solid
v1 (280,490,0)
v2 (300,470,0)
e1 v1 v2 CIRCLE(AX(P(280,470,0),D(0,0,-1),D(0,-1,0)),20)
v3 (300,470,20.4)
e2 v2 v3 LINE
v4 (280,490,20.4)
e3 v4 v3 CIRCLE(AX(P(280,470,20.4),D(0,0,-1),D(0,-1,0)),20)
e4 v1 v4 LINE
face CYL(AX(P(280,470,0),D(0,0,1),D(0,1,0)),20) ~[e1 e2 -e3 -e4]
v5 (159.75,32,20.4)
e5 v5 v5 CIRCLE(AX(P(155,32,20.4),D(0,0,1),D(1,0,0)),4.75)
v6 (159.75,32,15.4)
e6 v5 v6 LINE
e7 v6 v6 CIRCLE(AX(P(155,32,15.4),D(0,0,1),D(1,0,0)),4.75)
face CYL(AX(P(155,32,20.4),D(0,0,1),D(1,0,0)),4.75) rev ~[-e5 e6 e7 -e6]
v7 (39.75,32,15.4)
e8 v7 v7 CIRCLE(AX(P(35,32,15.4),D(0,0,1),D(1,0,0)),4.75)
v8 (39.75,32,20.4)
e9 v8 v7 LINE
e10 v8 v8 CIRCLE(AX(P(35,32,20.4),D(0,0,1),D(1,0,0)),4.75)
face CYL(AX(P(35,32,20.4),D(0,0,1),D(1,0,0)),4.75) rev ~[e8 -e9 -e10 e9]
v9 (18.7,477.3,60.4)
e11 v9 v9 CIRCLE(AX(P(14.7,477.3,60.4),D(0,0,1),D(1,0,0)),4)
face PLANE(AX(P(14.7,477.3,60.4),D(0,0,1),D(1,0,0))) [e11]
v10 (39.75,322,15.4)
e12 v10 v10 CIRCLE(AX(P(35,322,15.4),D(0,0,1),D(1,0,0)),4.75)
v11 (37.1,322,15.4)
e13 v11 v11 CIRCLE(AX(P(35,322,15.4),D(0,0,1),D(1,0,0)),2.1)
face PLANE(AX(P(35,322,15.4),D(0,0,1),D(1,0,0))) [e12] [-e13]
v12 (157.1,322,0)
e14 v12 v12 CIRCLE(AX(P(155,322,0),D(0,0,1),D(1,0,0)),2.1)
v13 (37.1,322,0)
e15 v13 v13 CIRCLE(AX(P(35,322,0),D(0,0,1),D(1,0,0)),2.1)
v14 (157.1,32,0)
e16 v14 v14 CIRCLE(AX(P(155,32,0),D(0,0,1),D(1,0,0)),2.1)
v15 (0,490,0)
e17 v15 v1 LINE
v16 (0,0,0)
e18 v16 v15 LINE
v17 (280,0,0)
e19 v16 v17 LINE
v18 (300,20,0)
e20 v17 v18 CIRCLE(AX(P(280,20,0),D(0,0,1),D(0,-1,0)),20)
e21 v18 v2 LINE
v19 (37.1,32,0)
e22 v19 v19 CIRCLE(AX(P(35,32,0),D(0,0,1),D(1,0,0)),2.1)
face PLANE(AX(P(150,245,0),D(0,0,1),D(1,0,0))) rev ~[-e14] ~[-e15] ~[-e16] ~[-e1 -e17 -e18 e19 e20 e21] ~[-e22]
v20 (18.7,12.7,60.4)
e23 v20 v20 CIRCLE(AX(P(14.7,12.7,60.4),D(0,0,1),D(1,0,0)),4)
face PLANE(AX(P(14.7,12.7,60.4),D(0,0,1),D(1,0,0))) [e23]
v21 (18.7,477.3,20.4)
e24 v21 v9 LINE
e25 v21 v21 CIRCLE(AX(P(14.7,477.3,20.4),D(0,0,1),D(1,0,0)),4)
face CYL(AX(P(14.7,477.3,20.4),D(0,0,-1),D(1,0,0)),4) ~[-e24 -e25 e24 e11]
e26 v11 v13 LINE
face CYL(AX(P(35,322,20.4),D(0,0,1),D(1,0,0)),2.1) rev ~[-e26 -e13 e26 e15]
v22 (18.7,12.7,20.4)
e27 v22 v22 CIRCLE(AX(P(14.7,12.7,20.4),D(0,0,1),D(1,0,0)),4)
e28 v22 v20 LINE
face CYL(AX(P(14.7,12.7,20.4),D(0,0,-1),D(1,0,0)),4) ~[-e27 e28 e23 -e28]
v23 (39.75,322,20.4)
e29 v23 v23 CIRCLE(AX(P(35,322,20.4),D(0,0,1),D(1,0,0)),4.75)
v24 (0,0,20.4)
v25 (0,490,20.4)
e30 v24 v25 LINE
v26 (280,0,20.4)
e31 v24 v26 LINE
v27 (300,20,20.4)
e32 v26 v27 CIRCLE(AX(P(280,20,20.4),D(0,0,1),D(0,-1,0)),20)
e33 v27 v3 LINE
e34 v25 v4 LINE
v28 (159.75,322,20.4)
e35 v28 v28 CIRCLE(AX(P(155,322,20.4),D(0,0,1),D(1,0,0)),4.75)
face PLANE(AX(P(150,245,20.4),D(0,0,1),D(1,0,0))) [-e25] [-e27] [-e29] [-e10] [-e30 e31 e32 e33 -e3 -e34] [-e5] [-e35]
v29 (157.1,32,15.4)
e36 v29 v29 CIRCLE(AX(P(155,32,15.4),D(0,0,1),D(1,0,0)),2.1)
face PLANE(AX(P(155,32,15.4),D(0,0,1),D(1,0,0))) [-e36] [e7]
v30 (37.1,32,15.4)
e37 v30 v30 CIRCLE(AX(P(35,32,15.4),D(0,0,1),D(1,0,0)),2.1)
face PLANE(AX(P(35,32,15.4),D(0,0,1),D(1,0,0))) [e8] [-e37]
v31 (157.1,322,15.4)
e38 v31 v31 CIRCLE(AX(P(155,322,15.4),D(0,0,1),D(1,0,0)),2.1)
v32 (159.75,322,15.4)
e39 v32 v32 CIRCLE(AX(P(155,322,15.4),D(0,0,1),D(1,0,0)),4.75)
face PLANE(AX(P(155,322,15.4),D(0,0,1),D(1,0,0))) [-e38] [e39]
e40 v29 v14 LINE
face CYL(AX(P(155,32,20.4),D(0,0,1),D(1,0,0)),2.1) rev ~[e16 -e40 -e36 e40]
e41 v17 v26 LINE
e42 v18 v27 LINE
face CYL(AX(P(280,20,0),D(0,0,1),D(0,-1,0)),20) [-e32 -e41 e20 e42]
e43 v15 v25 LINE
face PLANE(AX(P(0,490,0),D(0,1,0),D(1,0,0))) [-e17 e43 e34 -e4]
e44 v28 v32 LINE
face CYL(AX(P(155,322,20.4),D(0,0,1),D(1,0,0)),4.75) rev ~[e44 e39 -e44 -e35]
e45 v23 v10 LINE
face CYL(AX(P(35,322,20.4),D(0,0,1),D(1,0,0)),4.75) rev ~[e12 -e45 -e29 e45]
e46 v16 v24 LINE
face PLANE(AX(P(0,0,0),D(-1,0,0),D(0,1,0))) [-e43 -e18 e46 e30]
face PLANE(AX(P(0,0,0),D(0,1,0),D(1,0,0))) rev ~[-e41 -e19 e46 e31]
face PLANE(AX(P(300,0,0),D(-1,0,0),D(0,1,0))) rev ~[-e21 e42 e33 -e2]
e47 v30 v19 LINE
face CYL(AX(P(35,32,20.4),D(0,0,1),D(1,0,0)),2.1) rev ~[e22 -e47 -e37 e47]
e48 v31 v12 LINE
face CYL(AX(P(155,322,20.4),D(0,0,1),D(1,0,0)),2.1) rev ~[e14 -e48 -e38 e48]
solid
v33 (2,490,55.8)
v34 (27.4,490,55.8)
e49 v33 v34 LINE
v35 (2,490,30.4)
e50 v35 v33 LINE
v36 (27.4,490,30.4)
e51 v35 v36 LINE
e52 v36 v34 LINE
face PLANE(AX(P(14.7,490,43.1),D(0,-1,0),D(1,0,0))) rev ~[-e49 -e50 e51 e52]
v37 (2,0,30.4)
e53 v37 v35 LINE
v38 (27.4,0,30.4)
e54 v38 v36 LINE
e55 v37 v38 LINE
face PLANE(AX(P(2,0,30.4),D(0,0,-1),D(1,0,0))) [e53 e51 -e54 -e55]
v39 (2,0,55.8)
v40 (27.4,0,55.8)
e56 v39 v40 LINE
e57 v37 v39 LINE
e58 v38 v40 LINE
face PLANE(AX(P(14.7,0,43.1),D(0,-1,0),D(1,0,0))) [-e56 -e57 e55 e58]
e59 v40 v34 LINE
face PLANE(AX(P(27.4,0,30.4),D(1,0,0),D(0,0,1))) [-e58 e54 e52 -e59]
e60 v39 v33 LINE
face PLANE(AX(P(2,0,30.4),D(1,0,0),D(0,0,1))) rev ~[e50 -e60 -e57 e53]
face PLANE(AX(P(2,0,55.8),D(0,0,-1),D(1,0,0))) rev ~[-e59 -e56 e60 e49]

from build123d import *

# Parameters (mm, degrees)
F0_W     = 300
F0_H     = 490
F1_DEPTH = 20.4
F2_R     = 4.75
F2_R_2   = 2.1
F3_DEPTH = 5
F4_DEPTH = 25
F5_R     = 20
F6_R     = 4
F7_DEPTH = 40
F8_W     = 25.4
F8_H     = 25.4
F9_DEPTH = 490


with BuildPart() as f1:
    # F0 (on Top) → F1 (new body)
    with BuildSketch(Plane.XY):
        with Locations((150, 245)):
            Rectangle(F0_W, F0_H)
    extrude(amount=F1_DEPTH)

    # F2 (on face) → F3 (cut)
    with BuildSketch(Plane.XY.offset(20.4)):
        with Locations((35, 32)):
            Circle(F2_R)
        with Locations((35, 32)):
            Circle(F2_R_2, mode=Mode.SUBTRACT)
        with Locations((155, 32)):
            Circle(F2_R)
        with Locations((155, 32)):
            Circle(F2_R_2, mode=Mode.SUBTRACT)
        with Locations((35, 322)):
            Circle(F2_R)
        with Locations((35, 322)):
            Circle(F2_R_2, mode=Mode.SUBTRACT)
        with Locations((155, 322)):
            Circle(F2_R)
        with Locations((155, 322)):
            Circle(F2_R_2, mode=Mode.SUBTRACT)
    extrude(amount=-F3_DEPTH, mode=Mode.SUBTRACT)

    # F4 (cut): faces of the model
    f4_faces = [f1.faces().sort_by_distance(p)[0] for p in [
        (35, 32, 20.4),
        (155, 32, 20.4),
        (35, 322, 20.4),
        (155, 322, 20.4),
    ]]
    extrude(f4_faces, amount=-F4_DEPTH, mode=Mode.SUBTRACT)

    # F5
    f5_edges = [f1.edges().sort_by_distance(p)[0] for p in [
        (300, 0, 10.2),
        (300, 490, 10.2),
    ]]
    fillet(f5_edges, radius=F5_R)

    # F6 (on face) → F7 (join)
    with BuildSketch(Plane.XY.offset(20.4)):
        with Locations((14.7, 12.7)):
            Circle(F6_R)
        with Locations((14.7, 477.3)):
            Circle(F6_R)
    extrude(amount=F7_DEPTH)


with BuildPart() as f9:
    # F8 (on face) → F9 (new body, through all)
    with BuildSketch(Plane.XZ):
        with Locations((14.7, 43.1)):
            Rectangle(F8_W, F8_H)
    extrude(amount=-F9_DEPTH)


solid = Compound([f1.part, f9.part])
